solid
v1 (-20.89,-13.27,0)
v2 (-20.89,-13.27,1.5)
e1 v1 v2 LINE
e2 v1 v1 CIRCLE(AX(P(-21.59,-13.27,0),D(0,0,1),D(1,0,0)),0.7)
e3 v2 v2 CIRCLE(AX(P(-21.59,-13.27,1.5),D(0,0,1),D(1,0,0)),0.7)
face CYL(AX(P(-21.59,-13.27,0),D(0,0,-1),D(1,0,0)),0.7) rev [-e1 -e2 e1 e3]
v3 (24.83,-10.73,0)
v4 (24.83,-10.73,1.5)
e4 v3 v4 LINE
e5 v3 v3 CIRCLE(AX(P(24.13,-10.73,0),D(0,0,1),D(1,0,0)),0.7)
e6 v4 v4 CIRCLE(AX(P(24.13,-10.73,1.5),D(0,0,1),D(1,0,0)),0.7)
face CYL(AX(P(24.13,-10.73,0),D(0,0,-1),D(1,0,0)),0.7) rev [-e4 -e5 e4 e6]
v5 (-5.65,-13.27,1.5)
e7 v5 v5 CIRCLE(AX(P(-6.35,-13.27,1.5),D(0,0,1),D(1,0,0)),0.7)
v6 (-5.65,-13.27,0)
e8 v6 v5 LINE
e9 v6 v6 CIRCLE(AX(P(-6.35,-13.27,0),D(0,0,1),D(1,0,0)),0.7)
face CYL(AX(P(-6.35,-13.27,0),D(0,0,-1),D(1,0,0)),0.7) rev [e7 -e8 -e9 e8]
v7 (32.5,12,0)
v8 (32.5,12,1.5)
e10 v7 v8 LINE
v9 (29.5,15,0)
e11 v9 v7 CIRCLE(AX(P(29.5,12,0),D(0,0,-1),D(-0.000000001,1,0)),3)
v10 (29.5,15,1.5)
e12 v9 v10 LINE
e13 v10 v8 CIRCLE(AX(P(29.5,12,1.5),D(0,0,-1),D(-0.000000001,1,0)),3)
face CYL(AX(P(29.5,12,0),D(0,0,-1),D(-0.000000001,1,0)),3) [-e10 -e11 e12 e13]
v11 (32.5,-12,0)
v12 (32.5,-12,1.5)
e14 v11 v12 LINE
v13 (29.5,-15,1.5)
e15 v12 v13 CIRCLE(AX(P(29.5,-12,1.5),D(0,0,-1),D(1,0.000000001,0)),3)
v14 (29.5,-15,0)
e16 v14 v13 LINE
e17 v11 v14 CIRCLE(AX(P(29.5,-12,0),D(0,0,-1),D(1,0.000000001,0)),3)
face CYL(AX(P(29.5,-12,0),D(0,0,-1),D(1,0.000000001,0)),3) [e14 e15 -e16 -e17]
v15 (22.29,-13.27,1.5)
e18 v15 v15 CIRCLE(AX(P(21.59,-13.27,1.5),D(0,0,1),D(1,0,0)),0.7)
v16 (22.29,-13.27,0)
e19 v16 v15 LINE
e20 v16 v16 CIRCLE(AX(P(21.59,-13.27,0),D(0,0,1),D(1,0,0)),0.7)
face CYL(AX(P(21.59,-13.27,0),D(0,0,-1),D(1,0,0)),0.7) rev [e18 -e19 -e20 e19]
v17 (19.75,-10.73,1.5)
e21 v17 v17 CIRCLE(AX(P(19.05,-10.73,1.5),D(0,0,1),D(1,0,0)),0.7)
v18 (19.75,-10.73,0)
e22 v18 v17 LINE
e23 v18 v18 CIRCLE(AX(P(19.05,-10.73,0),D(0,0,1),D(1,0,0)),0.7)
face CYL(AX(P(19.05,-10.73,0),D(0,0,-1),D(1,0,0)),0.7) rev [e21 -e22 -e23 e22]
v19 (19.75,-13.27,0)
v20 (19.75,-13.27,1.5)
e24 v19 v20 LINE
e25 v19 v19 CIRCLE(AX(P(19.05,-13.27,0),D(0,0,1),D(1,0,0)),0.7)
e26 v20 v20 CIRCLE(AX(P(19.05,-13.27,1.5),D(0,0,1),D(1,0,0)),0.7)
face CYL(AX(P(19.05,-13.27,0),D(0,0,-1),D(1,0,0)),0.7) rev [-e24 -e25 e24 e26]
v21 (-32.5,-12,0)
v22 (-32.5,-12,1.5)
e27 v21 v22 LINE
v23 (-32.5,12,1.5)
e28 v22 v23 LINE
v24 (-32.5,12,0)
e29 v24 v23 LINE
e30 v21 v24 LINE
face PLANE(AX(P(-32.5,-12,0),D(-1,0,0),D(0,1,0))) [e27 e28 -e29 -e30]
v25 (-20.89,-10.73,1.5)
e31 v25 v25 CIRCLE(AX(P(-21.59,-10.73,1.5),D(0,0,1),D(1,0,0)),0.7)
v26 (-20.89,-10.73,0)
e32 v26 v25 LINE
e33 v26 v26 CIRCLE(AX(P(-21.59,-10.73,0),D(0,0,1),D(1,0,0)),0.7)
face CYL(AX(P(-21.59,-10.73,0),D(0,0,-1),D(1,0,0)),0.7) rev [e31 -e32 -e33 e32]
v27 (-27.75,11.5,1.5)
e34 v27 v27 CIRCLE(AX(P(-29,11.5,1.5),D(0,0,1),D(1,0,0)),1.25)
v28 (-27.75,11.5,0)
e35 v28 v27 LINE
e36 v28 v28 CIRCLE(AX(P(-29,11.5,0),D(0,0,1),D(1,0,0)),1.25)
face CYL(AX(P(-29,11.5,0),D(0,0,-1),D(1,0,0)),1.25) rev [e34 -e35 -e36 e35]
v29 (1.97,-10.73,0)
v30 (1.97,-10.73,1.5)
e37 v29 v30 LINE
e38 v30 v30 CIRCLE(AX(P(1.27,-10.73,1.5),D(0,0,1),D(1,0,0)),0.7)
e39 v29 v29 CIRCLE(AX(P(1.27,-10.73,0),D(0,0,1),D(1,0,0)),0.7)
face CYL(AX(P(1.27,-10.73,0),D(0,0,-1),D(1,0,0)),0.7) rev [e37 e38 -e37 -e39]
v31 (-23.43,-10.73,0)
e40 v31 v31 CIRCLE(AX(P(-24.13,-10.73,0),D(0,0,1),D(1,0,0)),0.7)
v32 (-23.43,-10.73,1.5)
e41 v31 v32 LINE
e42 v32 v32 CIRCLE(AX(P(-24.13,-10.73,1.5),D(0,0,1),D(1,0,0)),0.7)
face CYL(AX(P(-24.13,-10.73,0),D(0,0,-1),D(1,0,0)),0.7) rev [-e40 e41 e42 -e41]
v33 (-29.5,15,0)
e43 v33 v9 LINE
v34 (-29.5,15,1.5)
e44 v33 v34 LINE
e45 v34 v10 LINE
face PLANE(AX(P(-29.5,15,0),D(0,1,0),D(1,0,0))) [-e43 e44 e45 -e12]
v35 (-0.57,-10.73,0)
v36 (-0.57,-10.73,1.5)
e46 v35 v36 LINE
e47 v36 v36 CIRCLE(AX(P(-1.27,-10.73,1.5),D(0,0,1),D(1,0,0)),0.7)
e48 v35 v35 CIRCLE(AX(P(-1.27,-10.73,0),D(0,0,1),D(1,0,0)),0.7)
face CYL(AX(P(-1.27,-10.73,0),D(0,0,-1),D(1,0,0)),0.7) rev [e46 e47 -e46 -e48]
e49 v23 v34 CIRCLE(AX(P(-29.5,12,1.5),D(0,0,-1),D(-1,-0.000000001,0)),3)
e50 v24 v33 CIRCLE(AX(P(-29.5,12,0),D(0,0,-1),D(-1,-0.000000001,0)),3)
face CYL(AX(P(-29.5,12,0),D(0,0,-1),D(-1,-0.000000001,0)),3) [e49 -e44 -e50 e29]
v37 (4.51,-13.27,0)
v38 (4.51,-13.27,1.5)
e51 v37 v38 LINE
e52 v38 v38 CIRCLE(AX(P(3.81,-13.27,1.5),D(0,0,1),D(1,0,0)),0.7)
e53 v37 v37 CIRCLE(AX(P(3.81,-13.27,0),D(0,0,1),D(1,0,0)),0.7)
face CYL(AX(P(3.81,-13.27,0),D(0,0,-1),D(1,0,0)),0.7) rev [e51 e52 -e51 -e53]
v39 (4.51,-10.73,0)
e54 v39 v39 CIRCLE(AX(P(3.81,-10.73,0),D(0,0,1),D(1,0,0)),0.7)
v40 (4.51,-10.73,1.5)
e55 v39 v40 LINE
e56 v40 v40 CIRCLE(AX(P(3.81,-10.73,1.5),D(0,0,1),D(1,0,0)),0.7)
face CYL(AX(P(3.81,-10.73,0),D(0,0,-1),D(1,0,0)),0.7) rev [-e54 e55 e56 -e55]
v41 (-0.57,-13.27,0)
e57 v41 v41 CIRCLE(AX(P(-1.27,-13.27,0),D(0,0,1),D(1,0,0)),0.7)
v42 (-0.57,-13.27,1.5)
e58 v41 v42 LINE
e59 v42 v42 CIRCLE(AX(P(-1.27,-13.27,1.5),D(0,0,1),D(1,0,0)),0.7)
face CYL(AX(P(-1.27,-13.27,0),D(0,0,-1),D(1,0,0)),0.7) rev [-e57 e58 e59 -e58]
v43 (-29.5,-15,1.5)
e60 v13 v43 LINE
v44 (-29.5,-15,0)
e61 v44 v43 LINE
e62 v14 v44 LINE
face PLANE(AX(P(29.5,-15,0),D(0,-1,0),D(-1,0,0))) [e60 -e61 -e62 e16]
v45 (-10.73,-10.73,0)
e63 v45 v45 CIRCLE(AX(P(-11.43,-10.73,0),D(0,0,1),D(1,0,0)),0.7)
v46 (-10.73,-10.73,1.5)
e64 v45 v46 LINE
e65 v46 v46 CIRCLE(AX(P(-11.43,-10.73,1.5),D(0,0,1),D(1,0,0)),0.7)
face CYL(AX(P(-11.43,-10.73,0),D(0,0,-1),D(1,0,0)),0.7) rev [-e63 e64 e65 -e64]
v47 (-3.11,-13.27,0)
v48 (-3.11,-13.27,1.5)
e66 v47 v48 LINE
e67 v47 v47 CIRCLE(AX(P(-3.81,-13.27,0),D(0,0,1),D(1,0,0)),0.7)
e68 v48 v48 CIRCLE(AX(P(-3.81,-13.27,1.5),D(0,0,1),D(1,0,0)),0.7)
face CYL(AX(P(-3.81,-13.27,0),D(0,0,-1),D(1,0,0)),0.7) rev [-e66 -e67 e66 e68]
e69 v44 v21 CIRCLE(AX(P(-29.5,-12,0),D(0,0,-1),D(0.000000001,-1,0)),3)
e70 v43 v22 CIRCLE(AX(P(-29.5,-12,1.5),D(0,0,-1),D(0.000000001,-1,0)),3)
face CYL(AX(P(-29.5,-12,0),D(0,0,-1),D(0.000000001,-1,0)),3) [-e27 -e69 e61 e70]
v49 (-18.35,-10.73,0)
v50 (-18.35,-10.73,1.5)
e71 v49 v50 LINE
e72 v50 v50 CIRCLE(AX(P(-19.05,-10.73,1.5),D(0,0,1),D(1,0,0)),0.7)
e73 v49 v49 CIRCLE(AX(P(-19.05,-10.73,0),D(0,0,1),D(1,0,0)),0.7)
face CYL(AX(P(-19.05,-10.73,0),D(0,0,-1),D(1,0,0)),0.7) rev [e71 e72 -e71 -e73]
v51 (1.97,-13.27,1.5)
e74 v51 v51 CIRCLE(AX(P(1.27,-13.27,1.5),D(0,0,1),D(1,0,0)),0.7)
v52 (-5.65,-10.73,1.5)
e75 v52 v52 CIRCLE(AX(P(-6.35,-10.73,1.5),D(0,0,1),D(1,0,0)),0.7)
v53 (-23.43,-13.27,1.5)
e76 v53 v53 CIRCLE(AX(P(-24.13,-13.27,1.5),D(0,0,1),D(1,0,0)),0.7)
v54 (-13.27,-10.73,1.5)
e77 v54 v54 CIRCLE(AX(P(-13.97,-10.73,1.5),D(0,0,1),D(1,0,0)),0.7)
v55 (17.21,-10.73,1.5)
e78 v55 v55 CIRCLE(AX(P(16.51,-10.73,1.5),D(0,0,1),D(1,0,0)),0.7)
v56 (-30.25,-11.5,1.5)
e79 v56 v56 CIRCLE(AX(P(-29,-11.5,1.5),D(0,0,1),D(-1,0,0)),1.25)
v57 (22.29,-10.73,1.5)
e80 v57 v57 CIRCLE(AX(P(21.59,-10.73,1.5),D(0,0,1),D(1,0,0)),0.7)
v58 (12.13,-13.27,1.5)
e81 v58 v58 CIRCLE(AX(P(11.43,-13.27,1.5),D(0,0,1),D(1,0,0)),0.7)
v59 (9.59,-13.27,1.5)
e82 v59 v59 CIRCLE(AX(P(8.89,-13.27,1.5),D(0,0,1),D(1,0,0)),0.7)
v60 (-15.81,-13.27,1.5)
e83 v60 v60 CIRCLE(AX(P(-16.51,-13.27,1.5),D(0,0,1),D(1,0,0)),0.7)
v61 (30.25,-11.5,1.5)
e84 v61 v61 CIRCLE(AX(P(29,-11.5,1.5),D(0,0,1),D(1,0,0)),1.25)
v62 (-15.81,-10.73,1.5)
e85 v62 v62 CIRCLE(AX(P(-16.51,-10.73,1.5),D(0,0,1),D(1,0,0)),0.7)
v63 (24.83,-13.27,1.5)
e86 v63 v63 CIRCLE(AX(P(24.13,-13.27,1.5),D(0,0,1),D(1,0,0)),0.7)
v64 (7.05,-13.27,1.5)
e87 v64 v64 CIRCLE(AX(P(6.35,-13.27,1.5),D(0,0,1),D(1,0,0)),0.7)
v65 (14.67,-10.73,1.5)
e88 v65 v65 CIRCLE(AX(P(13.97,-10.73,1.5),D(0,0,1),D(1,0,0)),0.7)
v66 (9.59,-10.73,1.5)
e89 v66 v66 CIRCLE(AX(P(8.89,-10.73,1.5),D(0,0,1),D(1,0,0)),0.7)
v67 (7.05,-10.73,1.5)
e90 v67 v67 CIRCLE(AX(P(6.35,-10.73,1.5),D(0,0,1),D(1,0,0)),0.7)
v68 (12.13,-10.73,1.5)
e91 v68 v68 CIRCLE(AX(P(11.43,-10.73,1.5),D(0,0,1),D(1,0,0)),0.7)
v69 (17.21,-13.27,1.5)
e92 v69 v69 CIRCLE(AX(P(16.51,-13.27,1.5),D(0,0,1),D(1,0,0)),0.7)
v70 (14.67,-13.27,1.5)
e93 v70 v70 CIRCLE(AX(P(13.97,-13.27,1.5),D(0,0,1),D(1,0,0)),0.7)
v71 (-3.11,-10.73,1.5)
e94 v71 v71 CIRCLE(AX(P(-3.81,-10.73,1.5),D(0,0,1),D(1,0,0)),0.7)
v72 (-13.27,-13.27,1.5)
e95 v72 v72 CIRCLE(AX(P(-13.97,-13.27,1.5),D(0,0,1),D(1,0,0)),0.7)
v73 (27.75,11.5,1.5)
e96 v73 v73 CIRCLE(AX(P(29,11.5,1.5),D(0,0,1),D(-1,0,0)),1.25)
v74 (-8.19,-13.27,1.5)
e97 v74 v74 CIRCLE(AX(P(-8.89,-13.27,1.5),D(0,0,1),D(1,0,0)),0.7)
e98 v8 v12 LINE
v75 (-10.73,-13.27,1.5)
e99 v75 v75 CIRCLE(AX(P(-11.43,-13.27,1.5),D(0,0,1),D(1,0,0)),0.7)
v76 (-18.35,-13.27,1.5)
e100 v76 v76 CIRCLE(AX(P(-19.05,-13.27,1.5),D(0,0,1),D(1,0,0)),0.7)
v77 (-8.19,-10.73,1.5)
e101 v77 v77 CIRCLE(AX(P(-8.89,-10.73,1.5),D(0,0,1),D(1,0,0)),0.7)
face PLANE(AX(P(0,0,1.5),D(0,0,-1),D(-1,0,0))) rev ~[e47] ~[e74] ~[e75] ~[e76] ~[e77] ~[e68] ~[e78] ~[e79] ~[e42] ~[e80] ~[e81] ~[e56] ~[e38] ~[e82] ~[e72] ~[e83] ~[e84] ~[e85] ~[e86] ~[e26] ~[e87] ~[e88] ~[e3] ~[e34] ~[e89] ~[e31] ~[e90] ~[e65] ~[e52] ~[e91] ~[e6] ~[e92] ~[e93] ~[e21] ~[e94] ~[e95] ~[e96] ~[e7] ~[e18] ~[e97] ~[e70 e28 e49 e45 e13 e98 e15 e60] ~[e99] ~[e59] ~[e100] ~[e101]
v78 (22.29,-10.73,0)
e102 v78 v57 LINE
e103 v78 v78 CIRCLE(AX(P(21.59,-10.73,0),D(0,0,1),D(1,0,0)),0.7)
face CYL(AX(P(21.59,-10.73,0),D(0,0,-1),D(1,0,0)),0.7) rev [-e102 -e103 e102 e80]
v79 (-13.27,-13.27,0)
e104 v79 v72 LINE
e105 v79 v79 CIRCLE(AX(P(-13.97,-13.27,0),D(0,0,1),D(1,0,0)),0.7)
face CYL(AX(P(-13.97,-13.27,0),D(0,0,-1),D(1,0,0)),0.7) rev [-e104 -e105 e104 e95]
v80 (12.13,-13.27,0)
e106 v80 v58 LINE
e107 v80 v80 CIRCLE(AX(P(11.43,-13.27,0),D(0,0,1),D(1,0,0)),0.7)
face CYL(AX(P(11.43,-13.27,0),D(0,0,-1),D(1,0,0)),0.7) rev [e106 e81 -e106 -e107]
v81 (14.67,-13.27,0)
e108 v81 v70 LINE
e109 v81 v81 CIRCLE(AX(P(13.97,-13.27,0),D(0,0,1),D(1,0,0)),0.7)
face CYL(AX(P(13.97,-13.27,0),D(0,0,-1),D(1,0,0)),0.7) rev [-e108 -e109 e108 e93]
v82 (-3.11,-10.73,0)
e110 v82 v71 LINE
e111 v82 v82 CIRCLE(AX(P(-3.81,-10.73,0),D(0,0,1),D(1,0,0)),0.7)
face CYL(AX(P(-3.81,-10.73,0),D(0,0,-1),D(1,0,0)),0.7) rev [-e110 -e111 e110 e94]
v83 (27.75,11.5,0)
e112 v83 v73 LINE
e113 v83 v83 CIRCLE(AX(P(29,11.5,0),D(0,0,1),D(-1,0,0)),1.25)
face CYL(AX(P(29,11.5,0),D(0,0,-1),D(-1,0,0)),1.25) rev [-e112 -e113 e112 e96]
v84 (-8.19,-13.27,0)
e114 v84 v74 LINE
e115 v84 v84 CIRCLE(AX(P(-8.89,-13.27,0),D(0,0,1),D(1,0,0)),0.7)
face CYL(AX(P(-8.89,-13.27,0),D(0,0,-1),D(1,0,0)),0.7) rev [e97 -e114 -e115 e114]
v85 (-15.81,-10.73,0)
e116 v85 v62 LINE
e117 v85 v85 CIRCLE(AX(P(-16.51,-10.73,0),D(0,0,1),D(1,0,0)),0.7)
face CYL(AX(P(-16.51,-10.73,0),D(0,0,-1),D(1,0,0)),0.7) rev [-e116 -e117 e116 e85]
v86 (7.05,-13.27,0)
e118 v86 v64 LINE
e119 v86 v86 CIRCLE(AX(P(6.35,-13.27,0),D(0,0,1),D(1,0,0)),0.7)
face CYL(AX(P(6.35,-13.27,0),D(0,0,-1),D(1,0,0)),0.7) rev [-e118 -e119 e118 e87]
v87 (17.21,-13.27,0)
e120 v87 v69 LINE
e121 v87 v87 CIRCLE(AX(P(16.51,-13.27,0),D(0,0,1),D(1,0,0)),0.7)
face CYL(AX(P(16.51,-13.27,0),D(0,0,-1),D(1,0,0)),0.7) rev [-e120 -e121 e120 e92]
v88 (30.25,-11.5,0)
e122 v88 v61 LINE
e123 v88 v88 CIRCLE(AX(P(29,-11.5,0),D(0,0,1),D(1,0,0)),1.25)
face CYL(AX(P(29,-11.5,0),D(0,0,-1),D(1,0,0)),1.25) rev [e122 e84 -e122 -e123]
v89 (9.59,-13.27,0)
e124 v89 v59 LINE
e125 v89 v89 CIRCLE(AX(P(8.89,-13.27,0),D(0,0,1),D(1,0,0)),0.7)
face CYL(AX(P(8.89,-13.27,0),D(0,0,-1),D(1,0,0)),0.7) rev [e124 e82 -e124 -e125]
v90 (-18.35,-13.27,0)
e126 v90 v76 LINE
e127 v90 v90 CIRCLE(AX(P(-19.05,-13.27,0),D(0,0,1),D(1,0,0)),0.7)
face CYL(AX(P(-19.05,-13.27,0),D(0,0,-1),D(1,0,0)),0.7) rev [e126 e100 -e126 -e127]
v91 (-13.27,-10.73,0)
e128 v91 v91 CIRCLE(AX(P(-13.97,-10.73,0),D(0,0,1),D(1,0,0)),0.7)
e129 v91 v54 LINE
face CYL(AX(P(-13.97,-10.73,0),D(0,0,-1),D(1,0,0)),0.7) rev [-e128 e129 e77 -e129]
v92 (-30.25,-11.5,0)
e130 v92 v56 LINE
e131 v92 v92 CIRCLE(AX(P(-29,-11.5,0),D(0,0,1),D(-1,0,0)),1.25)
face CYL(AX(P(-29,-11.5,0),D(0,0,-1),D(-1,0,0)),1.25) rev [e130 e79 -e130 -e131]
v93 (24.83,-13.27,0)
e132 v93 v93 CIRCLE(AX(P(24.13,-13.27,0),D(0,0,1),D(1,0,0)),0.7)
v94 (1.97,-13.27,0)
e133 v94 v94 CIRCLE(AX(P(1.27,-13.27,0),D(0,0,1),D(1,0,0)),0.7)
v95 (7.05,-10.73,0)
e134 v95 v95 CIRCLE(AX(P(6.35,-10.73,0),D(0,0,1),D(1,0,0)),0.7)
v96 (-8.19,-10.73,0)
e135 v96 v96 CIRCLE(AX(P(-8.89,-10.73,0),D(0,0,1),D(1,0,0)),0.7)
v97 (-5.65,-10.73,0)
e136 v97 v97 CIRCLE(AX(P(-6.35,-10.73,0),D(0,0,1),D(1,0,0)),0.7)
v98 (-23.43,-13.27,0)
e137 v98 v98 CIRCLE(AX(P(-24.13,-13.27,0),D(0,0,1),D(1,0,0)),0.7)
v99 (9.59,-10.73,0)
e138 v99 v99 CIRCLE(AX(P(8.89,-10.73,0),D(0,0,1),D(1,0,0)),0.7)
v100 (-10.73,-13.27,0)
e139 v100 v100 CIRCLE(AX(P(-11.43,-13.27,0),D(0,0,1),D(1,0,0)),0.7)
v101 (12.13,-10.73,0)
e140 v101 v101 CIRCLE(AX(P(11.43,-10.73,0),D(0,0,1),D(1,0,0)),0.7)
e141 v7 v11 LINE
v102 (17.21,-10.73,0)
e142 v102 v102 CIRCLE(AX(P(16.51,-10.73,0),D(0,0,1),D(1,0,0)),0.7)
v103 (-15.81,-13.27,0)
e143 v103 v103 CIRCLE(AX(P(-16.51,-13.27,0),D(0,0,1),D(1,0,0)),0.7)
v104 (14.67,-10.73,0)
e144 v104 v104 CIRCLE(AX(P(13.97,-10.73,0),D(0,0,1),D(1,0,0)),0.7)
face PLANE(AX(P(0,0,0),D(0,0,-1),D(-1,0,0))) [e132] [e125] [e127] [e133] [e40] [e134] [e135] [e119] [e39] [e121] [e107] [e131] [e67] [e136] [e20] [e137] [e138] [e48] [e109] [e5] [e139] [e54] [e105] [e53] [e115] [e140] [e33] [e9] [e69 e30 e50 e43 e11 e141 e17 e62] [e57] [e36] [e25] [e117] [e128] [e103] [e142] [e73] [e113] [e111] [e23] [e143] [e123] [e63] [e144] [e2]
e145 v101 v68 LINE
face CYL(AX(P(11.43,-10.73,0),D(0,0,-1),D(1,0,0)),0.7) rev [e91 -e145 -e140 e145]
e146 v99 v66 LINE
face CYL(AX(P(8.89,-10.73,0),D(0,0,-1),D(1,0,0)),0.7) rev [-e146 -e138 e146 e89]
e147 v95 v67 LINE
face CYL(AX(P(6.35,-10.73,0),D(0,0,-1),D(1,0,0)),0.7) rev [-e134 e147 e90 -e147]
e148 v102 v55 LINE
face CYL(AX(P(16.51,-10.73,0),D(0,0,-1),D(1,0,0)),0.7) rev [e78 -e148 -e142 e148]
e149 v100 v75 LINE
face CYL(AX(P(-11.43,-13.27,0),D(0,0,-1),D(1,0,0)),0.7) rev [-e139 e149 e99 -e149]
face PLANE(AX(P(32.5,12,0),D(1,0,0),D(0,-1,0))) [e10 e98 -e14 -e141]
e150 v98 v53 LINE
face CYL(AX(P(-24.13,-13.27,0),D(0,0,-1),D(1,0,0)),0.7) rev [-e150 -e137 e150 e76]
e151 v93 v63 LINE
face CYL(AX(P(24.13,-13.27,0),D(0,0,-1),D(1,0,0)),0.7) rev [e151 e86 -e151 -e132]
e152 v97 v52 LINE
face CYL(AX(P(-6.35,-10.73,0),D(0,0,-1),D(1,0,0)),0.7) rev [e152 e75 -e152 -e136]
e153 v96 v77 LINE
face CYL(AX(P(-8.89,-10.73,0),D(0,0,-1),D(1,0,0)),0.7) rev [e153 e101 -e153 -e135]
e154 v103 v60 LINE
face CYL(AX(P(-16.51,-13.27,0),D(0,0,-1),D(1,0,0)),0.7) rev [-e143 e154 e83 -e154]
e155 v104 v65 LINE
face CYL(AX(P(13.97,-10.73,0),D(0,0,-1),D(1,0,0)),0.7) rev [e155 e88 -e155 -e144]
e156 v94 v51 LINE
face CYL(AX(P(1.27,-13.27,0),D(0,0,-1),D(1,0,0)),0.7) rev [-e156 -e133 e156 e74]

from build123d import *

# Parameters (mm, degrees)
CROQUIS1_R              = 0.7
CROQUIS1_R_2            = 1.25
SALIENTE_EXTRUIR1_DEPTH = 1.5


with BuildPart() as part:
    # Croquis1 → Saliente-Extruir1 (new body)
    with BuildSketch(Plane.XY):
        with BuildLine():
            Line((29.5, -15), (-29.5, -15))
            ThreePointArc((-29.5, -15), (-31.621320344, -14.121320344), (-32.5, -12))
            Line((-32.5, -12), (-32.5, 12))
            ThreePointArc((-32.5, 12), (-31.621320344, 14.121320344), (-29.5, 15))
            Line((-29.5, 15), (29.5, 15))
            ThreePointArc((29.5, 15), (31.621320344, 14.121320344), (32.5, 12))
            Line((32.5, 12), (32.5, -12))
            ThreePointArc((32.5, -12), (31.621320344, -14.121320344), (29.5, -15))
        make_face()
        with Locations((-24.13, -10.73)):
            Circle(CROQUIS1_R, mode=Mode.SUBTRACT)
        with Locations((-24.13, -13.27)):
            Circle(CROQUIS1_R, mode=Mode.SUBTRACT)
        with Locations((-21.59, -10.73)):
            Circle(CROQUIS1_R, mode=Mode.SUBTRACT)
        with Locations((-21.59, -13.27)):
            Circle(CROQUIS1_R, mode=Mode.SUBTRACT)
        with Locations((-19.05, -10.73)):
            Circle(CROQUIS1_R, mode=Mode.SUBTRACT)
        with Locations((-19.05, -13.27)):
            Circle(CROQUIS1_R, mode=Mode.SUBTRACT)
        with Locations((-16.51, -10.73)):
            Circle(CROQUIS1_R, mode=Mode.SUBTRACT)
        with Locations((-16.51, -13.27)):
            Circle(CROQUIS1_R, mode=Mode.SUBTRACT)
        with Locations((-13.97, -10.73)):
            Circle(CROQUIS1_R, mode=Mode.SUBTRACT)
        with Locations((-13.97, -13.27)):
            Circle(CROQUIS1_R, mode=Mode.SUBTRACT)
        with Locations((-11.43, -10.73)):
            Circle(CROQUIS1_R, mode=Mode.SUBTRACT)
        with Locations((-11.43, -13.27)):
            Circle(CROQUIS1_R, mode=Mode.SUBTRACT)
        with Locations((-8.89, -10.73)):
            Circle(CROQUIS1_R, mode=Mode.SUBTRACT)
        with Locations((-8.89, -13.27)):
            Circle(CROQUIS1_R, mode=Mode.SUBTRACT)
        with Locations((-6.35, -10.73)):
            Circle(CROQUIS1_R, mode=Mode.SUBTRACT)
        with Locations((-6.35, -13.27)):
            Circle(CROQUIS1_R, mode=Mode.SUBTRACT)
        with Locations((-3.81, -10.73)):
            Circle(CROQUIS1_R, mode=Mode.SUBTRACT)
        with Locations((-3.81, -13.27)):
            Circle(CROQUIS1_R, mode=Mode.SUBTRACT)
        with Locations((-1.27, -10.73)):
            Circle(CROQUIS1_R, mode=Mode.SUBTRACT)
        with Locations((-1.27, -13.27)):
            Circle(CROQUIS1_R, mode=Mode.SUBTRACT)
        with Locations((1.27, -10.73)):
            Circle(CROQUIS1_R, mode=Mode.SUBTRACT)
        with Locations((1.27, -13.27)):
            Circle(CROQUIS1_R, mode=Mode.SUBTRACT)
        with Locations((3.81, -10.73)):
            Circle(CROQUIS1_R, mode=Mode.SUBTRACT)
        with Locations((3.81, -13.27)):
            Circle(CROQUIS1_R, mode=Mode.SUBTRACT)
        with Locations((6.35, -10.73)):
            Circle(CROQUIS1_R, mode=Mode.SUBTRACT)
        with Locations((6.35, -13.27)):
            Circle(CROQUIS1_R, mode=Mode.SUBTRACT)
        with Locations((8.89, -10.73)):
            Circle(CROQUIS1_R, mode=Mode.SUBTRACT)
        with Locations((8.89, -13.27)):
            Circle(CROQUIS1_R, mode=Mode.SUBTRACT)
        with Locations((11.43, -10.73)):
            Circle(CROQUIS1_R, mode=Mode.SUBTRACT)
        with Locations((11.43, -13.27)):
            Circle(CROQUIS1_R, mode=Mode.SUBTRACT)
        with Locations((13.97, -10.73)):
            Circle(CROQUIS1_R, mode=Mode.SUBTRACT)
        with Locations((13.97, -13.27)):
            Circle(CROQUIS1_R, mode=Mode.SUBTRACT)
        with Locations((16.51, -10.73)):
            Circle(CROQUIS1_R, mode=Mode.SUBTRACT)
        with Locations((16.51, -13.27)):
            Circle(CROQUIS1_R, mode=Mode.SUBTRACT)
        with Locations((19.05, -10.73)):
            Circle(CROQUIS1_R, mode=Mode.SUBTRACT)
        with Locations((19.05, -13.27)):
            Circle(CROQUIS1_R, mode=Mode.SUBTRACT)
        with Locations((21.59, -10.73)):
            Circle(CROQUIS1_R, mode=Mode.SUBTRACT)
        with Locations((21.59, -13.27)):
            Circle(CROQUIS1_R, mode=Mode.SUBTRACT)
        with Locations((24.13, -10.73)):
            Circle(CROQUIS1_R, mode=Mode.SUBTRACT)
        with Locations((24.13, -13.27)):
            Circle(CROQUIS1_R, mode=Mode.SUBTRACT)
        with Locations((-29, 11.5)):
            Circle(CROQUIS1_R_2, mode=Mode.SUBTRACT)
        with Locations(Location((29, 11.5, 0), (0, 0, 180))):
            Circle(CROQUIS1_R_2, mode=Mode.SUBTRACT)
        with Locations((29, -11.5)):
            Circle(CROQUIS1_R_2, mode=Mode.SUBTRACT)
        with Locations(Location((-29, -11.5, 0), (0, 0, 180))):
            Circle(CROQUIS1_R_2, mode=Mode.SUBTRACT)
    extrude(amount=SALIENTE_EXTRUIR1_DEPTH)


solid = part.part
